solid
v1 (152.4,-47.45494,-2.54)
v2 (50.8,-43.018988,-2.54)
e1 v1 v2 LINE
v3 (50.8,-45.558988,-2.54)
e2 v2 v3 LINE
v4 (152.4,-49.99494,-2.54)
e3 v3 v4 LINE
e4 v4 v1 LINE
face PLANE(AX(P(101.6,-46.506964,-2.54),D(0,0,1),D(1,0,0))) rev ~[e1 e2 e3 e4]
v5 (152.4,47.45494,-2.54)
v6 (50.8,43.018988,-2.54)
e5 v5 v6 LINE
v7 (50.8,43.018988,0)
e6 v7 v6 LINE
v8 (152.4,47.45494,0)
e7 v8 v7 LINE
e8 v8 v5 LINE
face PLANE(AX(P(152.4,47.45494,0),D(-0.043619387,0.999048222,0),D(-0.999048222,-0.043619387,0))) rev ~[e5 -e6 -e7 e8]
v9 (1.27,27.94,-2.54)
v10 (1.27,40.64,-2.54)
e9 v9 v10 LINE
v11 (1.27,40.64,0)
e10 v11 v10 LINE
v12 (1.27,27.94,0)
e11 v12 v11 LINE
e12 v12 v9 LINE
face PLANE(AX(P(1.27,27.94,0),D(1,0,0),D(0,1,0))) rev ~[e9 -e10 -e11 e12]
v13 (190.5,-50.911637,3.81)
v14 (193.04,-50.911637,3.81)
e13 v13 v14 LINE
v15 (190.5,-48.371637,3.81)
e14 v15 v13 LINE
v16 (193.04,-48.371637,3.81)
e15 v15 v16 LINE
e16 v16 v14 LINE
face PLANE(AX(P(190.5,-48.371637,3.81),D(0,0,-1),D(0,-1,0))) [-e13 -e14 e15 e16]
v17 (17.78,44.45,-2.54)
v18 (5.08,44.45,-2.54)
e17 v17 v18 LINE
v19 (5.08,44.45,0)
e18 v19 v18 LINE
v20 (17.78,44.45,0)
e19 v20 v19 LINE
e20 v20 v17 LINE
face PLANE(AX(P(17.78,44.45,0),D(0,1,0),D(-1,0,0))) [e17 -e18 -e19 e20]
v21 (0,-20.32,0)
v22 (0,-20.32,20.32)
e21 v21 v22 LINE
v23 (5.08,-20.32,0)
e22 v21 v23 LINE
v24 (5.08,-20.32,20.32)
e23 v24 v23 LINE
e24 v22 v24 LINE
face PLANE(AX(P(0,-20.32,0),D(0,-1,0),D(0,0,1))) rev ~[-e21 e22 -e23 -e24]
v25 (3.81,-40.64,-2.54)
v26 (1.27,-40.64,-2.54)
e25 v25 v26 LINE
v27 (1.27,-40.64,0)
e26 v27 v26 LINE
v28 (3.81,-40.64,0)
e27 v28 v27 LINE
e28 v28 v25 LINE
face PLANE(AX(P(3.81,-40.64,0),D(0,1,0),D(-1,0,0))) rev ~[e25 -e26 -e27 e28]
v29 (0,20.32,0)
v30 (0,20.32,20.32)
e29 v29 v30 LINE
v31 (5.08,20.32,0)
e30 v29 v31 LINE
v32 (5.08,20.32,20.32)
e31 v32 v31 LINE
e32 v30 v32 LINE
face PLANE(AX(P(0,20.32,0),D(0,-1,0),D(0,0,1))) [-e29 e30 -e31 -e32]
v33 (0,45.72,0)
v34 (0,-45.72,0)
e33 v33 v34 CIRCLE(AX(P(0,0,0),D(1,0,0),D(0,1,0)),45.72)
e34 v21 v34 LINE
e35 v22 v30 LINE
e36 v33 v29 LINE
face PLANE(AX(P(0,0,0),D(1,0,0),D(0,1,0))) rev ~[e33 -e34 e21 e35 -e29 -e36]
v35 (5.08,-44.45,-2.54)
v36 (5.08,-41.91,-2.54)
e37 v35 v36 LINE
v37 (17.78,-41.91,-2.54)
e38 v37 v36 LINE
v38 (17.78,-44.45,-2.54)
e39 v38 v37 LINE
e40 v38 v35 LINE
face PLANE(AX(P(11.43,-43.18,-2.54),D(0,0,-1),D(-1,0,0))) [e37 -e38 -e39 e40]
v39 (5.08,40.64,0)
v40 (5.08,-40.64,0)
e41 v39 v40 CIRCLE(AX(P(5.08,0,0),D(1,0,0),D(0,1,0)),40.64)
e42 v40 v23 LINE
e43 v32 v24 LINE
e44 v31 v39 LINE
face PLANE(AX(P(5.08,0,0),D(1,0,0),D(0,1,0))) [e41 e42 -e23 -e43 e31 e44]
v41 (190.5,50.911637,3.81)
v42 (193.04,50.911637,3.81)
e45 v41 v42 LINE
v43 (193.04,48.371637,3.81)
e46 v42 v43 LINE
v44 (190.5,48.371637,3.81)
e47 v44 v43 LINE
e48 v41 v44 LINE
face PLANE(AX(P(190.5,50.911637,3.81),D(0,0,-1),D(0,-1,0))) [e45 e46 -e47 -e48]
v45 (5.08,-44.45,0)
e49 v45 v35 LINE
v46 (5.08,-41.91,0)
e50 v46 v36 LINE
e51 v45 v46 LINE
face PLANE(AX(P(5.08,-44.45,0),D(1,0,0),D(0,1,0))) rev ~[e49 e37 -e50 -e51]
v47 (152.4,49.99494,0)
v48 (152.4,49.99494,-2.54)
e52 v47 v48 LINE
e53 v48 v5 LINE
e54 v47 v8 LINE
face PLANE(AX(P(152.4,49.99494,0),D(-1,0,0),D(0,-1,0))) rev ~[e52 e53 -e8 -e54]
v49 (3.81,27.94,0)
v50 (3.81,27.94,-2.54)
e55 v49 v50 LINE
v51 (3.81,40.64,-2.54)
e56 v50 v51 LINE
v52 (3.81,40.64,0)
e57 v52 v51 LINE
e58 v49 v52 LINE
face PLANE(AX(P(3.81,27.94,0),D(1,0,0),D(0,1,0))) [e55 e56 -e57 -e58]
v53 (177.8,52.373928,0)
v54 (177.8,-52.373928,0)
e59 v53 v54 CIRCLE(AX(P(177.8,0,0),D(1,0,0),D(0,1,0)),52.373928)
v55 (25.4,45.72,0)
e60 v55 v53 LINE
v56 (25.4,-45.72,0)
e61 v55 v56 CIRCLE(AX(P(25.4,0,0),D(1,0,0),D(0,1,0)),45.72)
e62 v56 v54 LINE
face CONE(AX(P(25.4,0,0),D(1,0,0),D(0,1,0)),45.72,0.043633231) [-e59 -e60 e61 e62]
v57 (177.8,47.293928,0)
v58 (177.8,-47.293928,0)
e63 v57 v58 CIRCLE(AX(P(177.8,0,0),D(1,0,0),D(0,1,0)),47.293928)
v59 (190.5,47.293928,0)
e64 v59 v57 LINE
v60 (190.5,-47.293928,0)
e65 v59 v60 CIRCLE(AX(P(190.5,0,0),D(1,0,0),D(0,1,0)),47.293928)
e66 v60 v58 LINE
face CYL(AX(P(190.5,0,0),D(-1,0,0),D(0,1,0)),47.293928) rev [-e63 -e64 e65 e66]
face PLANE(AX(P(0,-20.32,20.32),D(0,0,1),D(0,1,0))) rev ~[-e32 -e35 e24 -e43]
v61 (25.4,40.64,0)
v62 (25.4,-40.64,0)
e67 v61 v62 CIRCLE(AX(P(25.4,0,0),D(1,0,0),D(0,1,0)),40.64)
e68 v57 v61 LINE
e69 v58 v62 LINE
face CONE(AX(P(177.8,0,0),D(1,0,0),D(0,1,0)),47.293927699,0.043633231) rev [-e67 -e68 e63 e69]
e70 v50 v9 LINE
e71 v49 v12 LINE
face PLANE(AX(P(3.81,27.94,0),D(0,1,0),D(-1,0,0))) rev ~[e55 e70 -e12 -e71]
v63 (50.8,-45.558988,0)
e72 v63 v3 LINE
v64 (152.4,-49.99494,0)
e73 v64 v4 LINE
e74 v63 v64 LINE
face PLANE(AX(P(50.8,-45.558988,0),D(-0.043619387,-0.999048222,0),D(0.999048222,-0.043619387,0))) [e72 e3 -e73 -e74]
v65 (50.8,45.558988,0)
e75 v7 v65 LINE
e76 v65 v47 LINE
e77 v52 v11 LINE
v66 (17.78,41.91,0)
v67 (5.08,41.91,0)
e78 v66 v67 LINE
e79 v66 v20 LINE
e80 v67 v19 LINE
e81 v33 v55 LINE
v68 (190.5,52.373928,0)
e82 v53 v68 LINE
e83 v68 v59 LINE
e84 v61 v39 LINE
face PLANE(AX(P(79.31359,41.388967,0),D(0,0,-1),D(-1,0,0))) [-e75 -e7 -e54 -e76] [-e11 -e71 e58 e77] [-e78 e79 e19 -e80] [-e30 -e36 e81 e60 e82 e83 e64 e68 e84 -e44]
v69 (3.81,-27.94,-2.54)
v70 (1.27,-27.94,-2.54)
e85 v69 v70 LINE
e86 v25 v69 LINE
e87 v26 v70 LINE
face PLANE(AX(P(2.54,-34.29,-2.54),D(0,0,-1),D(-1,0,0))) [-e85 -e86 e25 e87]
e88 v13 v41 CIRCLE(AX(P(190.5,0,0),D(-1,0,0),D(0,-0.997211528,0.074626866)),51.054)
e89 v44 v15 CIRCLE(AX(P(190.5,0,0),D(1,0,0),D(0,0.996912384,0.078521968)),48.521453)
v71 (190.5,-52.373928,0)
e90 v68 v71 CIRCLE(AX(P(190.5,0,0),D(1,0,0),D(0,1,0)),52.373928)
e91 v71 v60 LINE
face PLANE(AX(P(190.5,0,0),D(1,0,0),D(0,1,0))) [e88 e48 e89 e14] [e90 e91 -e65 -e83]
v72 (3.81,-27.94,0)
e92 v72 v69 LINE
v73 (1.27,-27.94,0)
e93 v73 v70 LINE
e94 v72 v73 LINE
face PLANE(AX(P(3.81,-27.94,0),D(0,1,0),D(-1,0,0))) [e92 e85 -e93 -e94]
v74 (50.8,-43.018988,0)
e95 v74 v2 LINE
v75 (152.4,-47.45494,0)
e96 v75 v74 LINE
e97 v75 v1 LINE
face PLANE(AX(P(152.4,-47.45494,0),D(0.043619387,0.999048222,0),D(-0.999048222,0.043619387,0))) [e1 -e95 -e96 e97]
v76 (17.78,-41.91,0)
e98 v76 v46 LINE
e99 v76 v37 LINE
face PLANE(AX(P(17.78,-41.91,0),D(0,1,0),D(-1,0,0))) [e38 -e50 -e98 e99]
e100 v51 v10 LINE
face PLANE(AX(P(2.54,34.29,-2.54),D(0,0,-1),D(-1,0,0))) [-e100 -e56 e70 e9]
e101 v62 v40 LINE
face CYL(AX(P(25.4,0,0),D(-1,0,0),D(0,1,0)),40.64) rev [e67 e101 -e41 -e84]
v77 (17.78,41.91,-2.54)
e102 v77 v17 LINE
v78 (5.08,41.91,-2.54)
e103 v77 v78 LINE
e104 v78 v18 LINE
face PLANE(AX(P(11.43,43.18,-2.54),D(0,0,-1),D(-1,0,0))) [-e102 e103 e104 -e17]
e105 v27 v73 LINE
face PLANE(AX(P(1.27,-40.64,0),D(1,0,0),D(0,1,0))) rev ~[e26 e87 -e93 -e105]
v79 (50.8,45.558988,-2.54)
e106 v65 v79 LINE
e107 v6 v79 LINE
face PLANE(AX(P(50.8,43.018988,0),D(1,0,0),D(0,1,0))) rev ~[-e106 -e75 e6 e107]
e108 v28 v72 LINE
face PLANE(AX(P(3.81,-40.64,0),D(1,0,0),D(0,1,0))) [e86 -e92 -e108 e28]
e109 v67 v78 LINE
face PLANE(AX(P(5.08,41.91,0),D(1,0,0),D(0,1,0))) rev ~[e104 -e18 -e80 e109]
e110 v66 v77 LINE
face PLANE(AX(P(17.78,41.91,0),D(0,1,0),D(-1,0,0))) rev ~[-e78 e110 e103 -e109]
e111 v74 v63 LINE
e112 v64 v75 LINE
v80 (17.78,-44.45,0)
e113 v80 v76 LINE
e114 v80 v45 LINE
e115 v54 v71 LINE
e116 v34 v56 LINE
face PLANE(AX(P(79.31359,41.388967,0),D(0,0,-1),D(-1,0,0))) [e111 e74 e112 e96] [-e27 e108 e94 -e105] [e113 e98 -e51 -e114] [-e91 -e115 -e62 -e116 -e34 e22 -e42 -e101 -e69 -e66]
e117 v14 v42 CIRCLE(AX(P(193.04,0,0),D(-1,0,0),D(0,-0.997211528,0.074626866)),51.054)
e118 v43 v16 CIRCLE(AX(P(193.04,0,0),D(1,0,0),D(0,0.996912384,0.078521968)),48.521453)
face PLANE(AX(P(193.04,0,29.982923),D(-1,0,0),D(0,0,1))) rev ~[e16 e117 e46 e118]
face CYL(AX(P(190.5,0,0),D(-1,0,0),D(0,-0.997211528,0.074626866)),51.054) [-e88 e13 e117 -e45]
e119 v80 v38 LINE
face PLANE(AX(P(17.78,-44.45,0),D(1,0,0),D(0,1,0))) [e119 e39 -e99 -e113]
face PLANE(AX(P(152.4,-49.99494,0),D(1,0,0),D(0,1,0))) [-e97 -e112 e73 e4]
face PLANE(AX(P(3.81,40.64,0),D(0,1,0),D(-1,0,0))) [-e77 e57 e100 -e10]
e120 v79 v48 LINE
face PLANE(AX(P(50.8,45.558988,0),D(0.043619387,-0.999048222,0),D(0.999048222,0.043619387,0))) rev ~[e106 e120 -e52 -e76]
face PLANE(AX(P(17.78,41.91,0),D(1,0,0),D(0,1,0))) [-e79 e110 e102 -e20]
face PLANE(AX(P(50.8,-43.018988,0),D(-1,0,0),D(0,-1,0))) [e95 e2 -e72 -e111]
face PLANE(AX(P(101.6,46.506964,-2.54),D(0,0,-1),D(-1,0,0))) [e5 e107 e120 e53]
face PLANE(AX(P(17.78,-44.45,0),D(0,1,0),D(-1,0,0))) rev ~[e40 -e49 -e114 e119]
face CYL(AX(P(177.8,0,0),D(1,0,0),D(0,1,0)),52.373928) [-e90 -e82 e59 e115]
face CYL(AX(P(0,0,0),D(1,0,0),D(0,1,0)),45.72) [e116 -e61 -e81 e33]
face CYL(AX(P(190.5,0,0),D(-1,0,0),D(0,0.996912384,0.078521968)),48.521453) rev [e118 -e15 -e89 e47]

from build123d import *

# Parameters (mm, degrees)
REVOLVE2_ANGLE      = 180
SKETCH4_W           = 20.32
SKETCH4_H           = 20.32
CUT_EXTRUDE2_DEPTH  = 32.004
SKETCH5_W           = 2.54
SKETCH5_H           = 12.7
SKETCH5_W_2         = 12.7
SKETCH5_H_2         = 2.54
BOSS_EXTRUDE1_DEPTH = 2.54
BOSS_EXTRUDE2_DEPTH = 2.54


with BuildPart() as part:
    # Sketch2 → Revolve2 (revolve)
    with BuildSketch(Plane.XY):
        Polygon((0, 0), (0, 40.64), (0, 45.72), (25.4, 45.72), (177.8, 52.373927699), (190.5, 52.373927699), (190.5, 47.293927699), (177.8, 47.293927699), (25.4, 40.64), (5.08, 40.64), (5.08, 0), align=None)
    revolve(axis=Axis((0, 0, 0), (1, 0, 0)), revolution_arc=REVOLVE2_ANGLE)

    # Sketch4 → Cut-Extrude2 (cut)
    with BuildSketch(Plane.ZY):
        with Locations((10.16, 10.16)):
            Rectangle(SKETCH4_W, SKETCH4_H)
        with Locations((10.16, -10.16)):
            Rectangle(SKETCH4_W, SKETCH4_H)
    extrude(amount=-CUT_EXTRUDE2_DEPTH, mode=Mode.SUBTRACT)

    # Sketch5 → Boss-Extrude1 (add)
    with BuildSketch(Plane(origin=(0, 0, 0), x_dir=(-1, 0, 0), z_dir=(0, 0, -1))):
        with Locations((-2.54, 34.29)):
            Rectangle(SKETCH5_W, SKETCH5_H)
        Polygon((-152.4, 49.994939749), (-152.4, 47.454939749), (-50.8, 43.01898795), (-50.8, 45.55898795), align=None)
        with Locations((-11.43, 43.18)):
            Rectangle(SKETCH5_W_2, SKETCH5_H_2)
        Polygon((-50.8, -43.01898795), (-50.8, -45.55898795), (-152.4, -49.994939749), (-152.4, -47.454939749), align=None)
        with Locations((-11.43, -43.18)):
            Rectangle(SKETCH5_W_2, SKETCH5_H_2)
        with Locations((-2.54, -34.29)):
            Rectangle(SKETCH5_W, SKETCH5_H)
    extrude(amount=BOSS_EXTRUDE1_DEPTH)

    # Sketch6 → Boss-Extrude2 (add)
    with BuildSketch(Plane(origin=(190.5, 0, 0), x_dir=(0, 0, -1), z_dir=(1, 0, 0))):
        with BuildLine():
            Line((-3.81, 50.911637334), (-3.81, 48.371637334))
            ThreePointArc((-3.81, 48.371637334), (-48.52145297, 0), (-3.81, -48.371637334))
            Line((-3.81, -48.371637334), (-3.81, -50.911637334))
            ThreePointArc((-3.81, -50.911637334), (-51.054, 0), (-3.81, 50.911637334))
        make_face()
    extrude(amount=BOSS_EXTRUDE2_DEPTH)


solid = part.part
